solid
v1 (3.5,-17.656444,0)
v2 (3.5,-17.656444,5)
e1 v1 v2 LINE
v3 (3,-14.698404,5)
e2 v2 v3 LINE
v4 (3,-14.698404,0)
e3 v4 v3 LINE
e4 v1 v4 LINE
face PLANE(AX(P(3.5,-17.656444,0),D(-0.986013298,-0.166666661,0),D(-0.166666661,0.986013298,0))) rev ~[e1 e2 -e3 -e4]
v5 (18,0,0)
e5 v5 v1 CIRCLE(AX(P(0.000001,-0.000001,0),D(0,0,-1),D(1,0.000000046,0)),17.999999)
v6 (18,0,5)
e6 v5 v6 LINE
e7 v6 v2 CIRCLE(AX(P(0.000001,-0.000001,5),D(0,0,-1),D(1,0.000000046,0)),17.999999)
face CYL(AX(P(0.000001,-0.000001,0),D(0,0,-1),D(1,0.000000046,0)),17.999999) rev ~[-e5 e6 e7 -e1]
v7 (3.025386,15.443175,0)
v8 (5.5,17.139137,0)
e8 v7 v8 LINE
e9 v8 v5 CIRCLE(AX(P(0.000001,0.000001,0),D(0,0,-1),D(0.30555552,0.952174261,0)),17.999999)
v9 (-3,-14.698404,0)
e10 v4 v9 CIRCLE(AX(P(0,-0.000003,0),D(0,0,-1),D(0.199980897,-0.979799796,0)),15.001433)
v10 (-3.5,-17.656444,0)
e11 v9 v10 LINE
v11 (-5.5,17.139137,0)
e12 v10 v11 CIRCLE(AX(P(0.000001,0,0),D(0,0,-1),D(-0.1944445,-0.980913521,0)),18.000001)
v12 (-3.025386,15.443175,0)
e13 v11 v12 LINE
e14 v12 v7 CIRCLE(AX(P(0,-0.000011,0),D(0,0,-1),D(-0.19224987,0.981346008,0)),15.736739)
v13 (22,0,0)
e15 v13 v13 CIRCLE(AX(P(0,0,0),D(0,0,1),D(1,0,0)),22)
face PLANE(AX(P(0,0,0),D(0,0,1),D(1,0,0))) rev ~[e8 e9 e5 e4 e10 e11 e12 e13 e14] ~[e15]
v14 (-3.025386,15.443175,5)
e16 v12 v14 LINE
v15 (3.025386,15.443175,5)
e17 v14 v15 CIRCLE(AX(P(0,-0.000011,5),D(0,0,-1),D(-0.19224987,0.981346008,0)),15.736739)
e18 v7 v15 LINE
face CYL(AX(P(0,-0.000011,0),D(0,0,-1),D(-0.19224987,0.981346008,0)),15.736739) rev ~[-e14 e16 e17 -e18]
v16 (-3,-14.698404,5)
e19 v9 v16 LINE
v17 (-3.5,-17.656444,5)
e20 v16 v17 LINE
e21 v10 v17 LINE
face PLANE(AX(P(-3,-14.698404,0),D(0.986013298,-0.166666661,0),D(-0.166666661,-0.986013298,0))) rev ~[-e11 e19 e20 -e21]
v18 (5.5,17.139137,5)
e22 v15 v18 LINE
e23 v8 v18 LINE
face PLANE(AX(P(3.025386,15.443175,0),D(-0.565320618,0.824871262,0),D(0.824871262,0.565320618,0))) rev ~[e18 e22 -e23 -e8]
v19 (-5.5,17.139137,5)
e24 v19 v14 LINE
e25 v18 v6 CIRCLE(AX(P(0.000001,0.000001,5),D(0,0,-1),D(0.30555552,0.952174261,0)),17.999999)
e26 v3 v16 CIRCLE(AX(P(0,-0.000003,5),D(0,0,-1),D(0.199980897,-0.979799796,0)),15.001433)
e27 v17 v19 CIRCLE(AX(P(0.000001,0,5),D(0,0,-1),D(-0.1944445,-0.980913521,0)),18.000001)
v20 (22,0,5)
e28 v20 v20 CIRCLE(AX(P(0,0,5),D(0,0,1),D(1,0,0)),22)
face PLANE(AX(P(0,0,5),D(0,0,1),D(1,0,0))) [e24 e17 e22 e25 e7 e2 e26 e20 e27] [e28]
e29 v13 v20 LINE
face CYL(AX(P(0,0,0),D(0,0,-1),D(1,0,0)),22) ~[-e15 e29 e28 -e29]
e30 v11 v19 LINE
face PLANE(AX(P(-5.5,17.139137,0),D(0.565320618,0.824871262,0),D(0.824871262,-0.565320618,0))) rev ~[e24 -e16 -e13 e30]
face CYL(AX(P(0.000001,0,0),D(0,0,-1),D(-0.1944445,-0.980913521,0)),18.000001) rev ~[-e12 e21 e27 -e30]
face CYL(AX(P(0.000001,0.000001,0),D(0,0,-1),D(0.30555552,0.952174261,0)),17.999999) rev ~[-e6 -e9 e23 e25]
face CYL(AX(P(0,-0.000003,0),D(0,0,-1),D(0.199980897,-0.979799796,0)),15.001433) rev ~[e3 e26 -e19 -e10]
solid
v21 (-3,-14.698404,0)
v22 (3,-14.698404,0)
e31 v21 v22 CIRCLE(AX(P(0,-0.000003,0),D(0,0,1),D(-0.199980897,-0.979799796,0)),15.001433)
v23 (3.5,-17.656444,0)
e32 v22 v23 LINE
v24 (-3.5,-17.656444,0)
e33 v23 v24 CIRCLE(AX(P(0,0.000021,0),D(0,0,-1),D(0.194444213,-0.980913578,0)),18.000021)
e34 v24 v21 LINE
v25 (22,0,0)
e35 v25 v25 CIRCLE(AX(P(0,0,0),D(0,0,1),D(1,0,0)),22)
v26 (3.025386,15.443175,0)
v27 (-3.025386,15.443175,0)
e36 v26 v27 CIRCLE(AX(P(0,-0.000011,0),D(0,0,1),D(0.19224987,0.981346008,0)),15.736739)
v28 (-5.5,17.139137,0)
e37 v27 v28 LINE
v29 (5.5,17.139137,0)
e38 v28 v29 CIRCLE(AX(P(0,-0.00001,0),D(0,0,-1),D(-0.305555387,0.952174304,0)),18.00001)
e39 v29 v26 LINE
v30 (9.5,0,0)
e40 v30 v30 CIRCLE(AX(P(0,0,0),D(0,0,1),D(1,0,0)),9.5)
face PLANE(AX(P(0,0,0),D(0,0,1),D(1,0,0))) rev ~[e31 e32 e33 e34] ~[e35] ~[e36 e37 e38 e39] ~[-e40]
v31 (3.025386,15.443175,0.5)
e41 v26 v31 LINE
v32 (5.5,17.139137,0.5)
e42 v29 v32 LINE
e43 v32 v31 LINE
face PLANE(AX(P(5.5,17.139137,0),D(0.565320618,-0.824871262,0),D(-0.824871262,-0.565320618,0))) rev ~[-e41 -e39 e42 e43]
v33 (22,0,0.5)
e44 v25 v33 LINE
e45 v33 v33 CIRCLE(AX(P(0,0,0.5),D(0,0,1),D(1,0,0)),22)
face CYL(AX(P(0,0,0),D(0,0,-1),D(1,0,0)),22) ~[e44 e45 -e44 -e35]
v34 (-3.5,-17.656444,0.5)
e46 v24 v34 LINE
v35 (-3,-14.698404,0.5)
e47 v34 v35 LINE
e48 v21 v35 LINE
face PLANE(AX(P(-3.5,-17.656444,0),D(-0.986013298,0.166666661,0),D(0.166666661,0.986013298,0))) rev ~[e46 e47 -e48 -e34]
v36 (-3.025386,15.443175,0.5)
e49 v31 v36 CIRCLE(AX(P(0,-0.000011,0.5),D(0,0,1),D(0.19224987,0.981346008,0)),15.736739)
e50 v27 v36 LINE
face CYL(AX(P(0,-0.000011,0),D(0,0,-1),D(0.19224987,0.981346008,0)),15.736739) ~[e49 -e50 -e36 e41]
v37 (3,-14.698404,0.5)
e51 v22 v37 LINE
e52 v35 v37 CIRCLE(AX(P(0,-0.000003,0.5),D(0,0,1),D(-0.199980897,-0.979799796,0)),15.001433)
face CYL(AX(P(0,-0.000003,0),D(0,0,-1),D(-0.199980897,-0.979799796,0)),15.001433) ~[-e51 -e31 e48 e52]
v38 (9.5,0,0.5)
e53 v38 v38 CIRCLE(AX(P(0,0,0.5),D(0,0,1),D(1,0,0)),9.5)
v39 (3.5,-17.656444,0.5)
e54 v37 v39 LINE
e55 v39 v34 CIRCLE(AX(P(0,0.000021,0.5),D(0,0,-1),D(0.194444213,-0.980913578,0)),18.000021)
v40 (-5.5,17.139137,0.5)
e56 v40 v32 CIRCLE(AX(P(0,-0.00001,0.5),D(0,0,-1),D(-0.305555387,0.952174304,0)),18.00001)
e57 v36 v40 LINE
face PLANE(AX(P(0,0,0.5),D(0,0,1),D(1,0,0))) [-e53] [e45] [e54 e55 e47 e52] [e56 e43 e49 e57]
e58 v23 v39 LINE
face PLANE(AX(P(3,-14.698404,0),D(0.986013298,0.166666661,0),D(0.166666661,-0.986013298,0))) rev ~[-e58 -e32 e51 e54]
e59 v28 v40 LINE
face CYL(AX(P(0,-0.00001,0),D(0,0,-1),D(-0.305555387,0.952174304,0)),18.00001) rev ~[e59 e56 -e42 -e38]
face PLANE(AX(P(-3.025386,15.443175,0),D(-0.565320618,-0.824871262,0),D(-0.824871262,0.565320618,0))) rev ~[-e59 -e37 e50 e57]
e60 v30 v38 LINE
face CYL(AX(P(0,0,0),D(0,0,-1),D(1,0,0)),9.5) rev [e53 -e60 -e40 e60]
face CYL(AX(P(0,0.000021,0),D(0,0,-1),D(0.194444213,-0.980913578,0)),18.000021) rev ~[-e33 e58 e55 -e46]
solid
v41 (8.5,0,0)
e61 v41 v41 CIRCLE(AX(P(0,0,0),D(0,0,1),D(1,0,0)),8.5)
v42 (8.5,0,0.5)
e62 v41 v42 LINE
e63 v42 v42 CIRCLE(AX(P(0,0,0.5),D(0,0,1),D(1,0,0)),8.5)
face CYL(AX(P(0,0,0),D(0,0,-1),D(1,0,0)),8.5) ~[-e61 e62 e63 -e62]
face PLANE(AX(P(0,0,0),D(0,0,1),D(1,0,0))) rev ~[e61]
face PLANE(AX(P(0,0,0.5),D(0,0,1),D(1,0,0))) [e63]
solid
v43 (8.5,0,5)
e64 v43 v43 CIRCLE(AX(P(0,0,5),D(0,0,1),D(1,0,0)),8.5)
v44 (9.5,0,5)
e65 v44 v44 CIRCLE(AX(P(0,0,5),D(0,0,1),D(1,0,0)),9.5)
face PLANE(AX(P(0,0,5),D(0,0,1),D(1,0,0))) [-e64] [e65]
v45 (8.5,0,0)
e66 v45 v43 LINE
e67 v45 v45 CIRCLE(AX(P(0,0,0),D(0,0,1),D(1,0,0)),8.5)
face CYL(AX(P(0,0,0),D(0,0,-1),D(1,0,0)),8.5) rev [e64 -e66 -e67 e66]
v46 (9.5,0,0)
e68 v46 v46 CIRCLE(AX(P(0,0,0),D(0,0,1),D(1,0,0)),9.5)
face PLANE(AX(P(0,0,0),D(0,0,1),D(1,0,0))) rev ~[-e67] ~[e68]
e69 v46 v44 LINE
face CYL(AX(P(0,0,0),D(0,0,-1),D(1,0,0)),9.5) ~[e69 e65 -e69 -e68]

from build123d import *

# Parameters (mm, degrees)
F0_R     = 22
F0_R_2   = 9.5
F0_R_3   = 8.5
F1_DEPTH = 5
F2_DEPTH = 0.5


with BuildPart() as f1:
    # F0 (on Top) → F1 (new body)
    with BuildSketch(Plane.XY):
        Circle(F0_R)
        with BuildLine():
            ThreePointArc((5.5, 17.139137), (14.54304, 10.606602), (18, 0))
            ThreePointArc((18, 0), (13.910428, -11.42366), (3.5, -17.656444))
            ThreePointArc((3.5, -17.656444), (0, -18), (-3.5, -17.656444))
            ThreePointArc((-3.5, -17.656444), (-17.970339, -1.032909), (-5.5, 17.139137))
            ThreePointArc((-5.5, 17.139137), (0, 18), (5.5, 17.139137))
        make_face(mode=Mode.SUBTRACT)
        with BuildLine():
            Line((3.025386, 15.443175), (5.5, 17.139137))
            ThreePointArc((5.5, 17.139137), (0, 18), (-5.5, 17.139137))
            Line((-5.5, 17.139137), (-3.025386, 15.443175))
            ThreePointArc((-3.025386, 15.443175), (0, 15.736728), (3.025386, 15.443175))
        make_face()
        with BuildLine():
            ThreePointArc((-3.5, -17.656444), (0, -18), (3.5, -17.656444))
            Line((3.5, -17.656444), (3, -14.698404))
            ThreePointArc((3, -14.698404), (0, -15.001436), (-3, -14.698404))
            Line((-3, -14.698404), (-3.5, -17.656444))
        make_face()
        Circle(F0_R_2)
        Circle(F0_R_3, mode=Mode.SUBTRACT)
    extrude(amount=F1_DEPTH)


with BuildPart() as f2:
    # F0 (on Top) → F2 (new body)
    with BuildSketch(Plane.XY):
        Circle(F0_R)
        with BuildLine():
            ThreePointArc((5.5, 17.139137), (14.54304, 10.606602), (18, 0))
            ThreePointArc((18, 0), (13.910428, -11.42366), (3.5, -17.656444))
            ThreePointArc((3.5, -17.656444), (0, -18), (-3.5, -17.656444))
            ThreePointArc((-3.5, -17.656444), (-17.970339, -1.032909), (-5.5, 17.139137))
            ThreePointArc((-5.5, 17.139137), (0, 18), (5.5, 17.139137))
        make_face(mode=Mode.SUBTRACT)
        with BuildLine():
            ThreePointArc((3.5, -17.656444), (13.910428, -11.42366), (18, 0))
            ThreePointArc((18, 0), (14.54304, 10.606602), (5.5, 17.139137))
            Line((5.5, 17.139137), (3.025386, 15.443175))
            ThreePointArc((3.025386, 15.443175), (0, 15.736728), (-3.025386, 15.443175))
            Line((-3.025386, 15.443175), (-5.5, 17.139137))
            ThreePointArc((-5.5, 17.139137), (-17.970339, -1.032909), (-3.5, -17.656444))
            Line((-3.5, -17.656444), (-3, -14.698404))
            ThreePointArc((-3, -14.698404), (0, -15.001436), (3, -14.698404))
            Line((3, -14.698404), (3.5, -17.656444))
        make_face()
        Circle(F0_R_2, mode=Mode.SUBTRACT)
        Circle(F0_R_3)
    extrude(amount=F2_DEPTH)


solid = Compound([f1.part, f2.part])
